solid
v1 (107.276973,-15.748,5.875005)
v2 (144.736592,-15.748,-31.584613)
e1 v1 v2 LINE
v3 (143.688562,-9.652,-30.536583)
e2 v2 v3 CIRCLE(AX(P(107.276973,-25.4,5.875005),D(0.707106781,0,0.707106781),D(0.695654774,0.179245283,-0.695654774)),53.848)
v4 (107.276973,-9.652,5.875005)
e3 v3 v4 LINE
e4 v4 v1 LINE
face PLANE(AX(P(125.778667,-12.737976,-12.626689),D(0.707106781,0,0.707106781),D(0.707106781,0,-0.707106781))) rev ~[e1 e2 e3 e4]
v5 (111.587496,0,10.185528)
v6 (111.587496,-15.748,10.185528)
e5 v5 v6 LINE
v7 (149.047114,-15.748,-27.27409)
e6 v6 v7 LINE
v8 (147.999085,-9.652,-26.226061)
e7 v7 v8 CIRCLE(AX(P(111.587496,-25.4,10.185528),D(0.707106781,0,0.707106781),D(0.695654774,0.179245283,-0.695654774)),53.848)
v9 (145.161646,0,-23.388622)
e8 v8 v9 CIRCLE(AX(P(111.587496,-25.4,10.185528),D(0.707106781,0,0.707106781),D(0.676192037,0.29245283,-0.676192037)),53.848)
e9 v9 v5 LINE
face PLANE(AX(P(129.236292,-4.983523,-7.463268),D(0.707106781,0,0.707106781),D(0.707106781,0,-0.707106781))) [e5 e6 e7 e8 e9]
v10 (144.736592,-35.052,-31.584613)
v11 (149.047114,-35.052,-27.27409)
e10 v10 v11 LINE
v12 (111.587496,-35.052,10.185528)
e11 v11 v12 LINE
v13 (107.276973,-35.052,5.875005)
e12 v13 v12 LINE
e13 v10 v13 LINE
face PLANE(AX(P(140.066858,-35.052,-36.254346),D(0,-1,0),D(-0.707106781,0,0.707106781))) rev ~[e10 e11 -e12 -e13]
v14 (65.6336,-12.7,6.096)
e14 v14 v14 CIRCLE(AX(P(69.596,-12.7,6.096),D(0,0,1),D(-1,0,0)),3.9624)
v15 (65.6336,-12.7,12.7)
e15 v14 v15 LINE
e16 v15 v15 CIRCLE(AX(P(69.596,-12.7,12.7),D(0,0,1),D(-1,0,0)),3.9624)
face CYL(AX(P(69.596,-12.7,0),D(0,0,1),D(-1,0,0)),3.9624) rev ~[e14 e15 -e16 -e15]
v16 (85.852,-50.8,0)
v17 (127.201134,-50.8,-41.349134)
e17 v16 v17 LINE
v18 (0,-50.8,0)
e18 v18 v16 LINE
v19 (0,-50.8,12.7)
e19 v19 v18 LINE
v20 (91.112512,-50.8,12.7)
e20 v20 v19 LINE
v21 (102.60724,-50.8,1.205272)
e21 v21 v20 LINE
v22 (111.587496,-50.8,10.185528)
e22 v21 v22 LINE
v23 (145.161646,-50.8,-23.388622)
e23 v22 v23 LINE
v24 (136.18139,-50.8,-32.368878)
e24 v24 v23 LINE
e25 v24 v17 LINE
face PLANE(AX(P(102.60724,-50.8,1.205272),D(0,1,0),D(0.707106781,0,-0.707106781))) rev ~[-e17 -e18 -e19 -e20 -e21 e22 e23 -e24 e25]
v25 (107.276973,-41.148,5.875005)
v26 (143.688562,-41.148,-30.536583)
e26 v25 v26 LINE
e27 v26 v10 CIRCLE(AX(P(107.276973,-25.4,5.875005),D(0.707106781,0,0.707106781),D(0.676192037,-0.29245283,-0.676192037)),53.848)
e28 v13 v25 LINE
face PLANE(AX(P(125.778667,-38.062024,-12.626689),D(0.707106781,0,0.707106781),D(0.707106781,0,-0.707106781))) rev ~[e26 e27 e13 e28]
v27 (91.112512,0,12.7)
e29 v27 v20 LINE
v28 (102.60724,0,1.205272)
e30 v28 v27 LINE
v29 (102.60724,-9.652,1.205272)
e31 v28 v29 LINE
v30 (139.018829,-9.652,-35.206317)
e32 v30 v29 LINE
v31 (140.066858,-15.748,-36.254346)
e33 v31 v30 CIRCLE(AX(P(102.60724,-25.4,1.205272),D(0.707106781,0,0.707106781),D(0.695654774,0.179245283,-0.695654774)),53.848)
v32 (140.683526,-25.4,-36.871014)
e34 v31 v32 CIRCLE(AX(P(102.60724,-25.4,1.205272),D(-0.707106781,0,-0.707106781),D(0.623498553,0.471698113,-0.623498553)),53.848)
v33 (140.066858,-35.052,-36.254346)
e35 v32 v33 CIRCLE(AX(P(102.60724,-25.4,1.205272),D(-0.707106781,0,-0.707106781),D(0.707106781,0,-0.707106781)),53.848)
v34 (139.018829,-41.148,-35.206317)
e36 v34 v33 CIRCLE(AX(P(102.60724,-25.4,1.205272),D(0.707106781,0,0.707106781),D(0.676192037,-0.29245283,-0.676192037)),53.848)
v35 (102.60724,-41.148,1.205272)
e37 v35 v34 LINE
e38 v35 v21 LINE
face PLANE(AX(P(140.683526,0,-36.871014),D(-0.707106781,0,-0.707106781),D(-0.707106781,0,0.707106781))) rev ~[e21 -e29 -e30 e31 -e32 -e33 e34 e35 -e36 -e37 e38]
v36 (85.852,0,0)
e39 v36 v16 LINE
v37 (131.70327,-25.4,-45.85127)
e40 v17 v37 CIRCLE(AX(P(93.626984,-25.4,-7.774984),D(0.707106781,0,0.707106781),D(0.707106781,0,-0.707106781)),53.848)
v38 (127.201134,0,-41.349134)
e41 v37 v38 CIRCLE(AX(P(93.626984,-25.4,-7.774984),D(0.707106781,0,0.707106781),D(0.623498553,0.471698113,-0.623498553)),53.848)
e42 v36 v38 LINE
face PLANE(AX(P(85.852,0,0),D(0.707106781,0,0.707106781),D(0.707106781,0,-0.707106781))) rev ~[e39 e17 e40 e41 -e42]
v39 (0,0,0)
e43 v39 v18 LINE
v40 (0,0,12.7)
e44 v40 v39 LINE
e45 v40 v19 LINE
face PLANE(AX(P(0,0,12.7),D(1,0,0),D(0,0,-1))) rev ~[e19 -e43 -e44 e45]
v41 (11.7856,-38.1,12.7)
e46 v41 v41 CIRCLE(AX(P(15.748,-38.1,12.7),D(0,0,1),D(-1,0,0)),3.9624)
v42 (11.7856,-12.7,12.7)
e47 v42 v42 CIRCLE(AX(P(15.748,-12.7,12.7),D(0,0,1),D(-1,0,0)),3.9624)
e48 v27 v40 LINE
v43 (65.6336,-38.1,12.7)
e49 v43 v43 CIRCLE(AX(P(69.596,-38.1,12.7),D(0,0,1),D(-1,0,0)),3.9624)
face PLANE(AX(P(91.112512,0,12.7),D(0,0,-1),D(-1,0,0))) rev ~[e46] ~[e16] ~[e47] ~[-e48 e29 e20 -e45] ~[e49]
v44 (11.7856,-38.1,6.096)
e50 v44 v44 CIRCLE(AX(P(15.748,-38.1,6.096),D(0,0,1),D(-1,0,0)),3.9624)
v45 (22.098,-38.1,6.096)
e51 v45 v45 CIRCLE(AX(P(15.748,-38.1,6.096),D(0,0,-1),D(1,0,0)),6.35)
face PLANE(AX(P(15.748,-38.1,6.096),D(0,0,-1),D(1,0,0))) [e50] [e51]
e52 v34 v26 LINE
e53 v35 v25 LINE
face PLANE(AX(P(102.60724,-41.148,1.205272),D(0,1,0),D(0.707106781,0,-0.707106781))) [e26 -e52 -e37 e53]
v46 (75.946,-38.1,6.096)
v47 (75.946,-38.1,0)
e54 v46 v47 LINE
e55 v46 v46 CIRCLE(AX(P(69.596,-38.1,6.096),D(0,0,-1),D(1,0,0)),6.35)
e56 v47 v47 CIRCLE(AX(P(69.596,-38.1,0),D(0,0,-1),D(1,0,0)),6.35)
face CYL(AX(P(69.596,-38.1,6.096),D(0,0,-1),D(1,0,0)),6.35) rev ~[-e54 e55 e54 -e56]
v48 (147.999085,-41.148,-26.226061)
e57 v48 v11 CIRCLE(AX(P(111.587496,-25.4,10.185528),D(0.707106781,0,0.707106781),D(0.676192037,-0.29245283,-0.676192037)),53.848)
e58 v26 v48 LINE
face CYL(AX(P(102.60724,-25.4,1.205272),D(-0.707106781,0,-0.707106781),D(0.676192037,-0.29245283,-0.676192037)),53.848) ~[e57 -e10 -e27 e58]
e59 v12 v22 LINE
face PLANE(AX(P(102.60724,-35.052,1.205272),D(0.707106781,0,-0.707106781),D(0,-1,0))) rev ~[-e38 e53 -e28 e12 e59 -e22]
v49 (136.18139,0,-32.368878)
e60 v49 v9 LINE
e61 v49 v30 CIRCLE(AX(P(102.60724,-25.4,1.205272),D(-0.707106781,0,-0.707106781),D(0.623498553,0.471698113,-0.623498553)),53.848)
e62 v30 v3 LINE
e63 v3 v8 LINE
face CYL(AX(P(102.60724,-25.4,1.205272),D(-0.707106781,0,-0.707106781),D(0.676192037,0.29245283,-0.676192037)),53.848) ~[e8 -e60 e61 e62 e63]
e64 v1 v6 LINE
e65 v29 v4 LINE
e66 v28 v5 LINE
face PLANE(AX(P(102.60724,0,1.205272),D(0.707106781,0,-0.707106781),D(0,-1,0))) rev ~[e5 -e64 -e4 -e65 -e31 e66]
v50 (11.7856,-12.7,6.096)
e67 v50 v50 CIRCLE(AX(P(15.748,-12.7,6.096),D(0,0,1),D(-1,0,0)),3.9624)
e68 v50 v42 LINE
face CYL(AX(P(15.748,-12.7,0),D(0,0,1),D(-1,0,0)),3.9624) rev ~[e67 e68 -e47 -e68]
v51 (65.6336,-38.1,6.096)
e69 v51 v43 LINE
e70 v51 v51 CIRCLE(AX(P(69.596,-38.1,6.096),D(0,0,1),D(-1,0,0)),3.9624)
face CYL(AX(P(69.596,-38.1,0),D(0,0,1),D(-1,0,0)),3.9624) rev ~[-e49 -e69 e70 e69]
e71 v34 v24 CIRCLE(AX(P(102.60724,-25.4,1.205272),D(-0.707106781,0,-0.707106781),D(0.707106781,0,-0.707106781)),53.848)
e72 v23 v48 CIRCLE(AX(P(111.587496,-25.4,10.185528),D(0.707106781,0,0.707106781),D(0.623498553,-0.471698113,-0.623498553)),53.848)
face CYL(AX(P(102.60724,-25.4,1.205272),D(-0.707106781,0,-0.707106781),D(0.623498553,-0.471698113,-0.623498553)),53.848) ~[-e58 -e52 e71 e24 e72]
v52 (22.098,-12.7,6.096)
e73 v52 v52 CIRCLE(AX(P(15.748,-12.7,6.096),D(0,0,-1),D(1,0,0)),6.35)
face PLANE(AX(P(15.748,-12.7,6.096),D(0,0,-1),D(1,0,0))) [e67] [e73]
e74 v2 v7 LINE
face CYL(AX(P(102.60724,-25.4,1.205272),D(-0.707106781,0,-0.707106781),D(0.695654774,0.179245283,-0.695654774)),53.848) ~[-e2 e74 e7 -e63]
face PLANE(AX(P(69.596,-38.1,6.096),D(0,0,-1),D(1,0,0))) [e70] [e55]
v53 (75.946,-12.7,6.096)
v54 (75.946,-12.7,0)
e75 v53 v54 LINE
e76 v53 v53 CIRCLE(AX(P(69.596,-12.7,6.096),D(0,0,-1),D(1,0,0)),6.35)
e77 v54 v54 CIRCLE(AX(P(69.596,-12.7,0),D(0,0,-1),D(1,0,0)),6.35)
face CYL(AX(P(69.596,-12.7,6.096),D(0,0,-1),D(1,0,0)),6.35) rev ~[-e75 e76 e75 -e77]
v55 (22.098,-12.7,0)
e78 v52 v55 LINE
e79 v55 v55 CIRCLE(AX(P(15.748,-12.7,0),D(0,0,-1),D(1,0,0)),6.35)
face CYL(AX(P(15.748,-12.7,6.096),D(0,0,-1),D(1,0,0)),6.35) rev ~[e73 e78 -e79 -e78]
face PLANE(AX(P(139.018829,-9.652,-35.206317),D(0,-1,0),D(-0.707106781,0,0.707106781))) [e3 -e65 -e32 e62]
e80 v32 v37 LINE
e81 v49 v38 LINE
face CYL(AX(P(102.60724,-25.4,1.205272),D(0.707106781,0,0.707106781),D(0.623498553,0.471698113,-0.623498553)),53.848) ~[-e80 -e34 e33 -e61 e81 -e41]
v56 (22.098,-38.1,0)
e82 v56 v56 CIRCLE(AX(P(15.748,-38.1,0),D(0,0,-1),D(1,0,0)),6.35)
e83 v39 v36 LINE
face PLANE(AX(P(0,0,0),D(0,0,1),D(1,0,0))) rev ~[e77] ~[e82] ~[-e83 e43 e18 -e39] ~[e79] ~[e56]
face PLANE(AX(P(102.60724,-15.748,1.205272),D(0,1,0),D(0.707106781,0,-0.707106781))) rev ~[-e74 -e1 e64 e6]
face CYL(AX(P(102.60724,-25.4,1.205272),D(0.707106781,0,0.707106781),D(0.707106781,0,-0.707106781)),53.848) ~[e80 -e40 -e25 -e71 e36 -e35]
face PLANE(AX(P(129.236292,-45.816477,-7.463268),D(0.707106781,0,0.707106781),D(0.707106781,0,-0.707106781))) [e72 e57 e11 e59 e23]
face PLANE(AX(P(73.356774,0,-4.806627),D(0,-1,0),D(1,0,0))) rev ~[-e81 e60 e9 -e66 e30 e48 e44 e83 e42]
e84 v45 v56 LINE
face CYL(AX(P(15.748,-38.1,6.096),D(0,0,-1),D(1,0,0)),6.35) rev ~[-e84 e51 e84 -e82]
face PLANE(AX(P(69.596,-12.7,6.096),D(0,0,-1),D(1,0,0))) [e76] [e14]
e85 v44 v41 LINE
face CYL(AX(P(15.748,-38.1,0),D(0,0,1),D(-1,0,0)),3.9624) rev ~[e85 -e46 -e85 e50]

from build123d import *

# Parameters (mm, degrees)
F1_DEPTH       = 50.8
F4_D           = 7.9248
F4_DEPTH       = 35.56
F4_CBORE_D     = 12.7
F4_CBORE_DEPTH = 6.096
F4_TIP         = 2.3808501168
F6_DEPTH       = 105.8292752574
F8_DEPTH       = 12.7
F9_DEPTH       = 6.604


with BuildPart() as f1:
    # F0 (on Front) → F1 (new body)
    with BuildSketch(Plane.XZ):
        Polygon((0, 12.7), (0, 0), (85.852, 0), (131.7032699094, -45.8512699094), (140.6835260304, -36.8710137883), (91.1125122421, 12.7), align=None)
    extrude(amount=F1_DEPTH)

    # F4
    with Locations(Plane(origin=(0, 0, 0), x_dir=(1, 0, 0), z_dir=(0, 0, -1))):
        with Locations((15.748, 38.1), (69.596, 38.1), (69.596, 12.7), (15.748, 12.7)):
            CounterBoreHole(F4_D / 2, F4_CBORE_D / 2, F4_CBORE_DEPTH, depth=F4_DEPTH)
            with Locations((0, 0, -(F4_DEPTH + F4_TIP / 2))):  # 118° drill point
                Cone(0, F4_D / 2, F4_TIP, mode=Mode.SUBTRACT)

    # F5 (on face) → F6 (cut, through all)
    with BuildSketch(Plane(origin=(51.9062561211, 0, 51.9062561211), x_dir=(0.7071067812, 0, -0.7071067812), z_dir=(0.7071067812, 0, 0.7071067812))):
        with BuildLine():
            ThreePointArc((125.5500191363, -25.4), (123.9340255134, -38.4929222795), (119.183037491, -50.8))
            Line((119.183037491, -50.8), (125.5500191363, -50.8))
            Line((125.5500191363, -50.8), (125.5500191363, -25.4))
        make_face()
        with BuildLine():
            ThreePointArc((119.183037491, 0), (123.9340255134, -12.3070777205), (125.5500191363, -25.4))
            Line((125.5500191363, -25.4), (125.5500191363, 0))
            Line((125.5500191363, 0), (119.183037491, 0))
        make_face()
    extrude(amount=-F6_DEPTH, mode=Mode.SUBTRACT)

    # F7 (on face) → F8 (join)
    with BuildSketch(Plane(origin=(51.9062561211, 0, 51.9062561211), x_dir=(0.7071067812, 0, -0.7071067812), z_dir=(0.7071067812, 0, 0.7071067812))):
        with BuildLine():
            Line((71.7020191363, -41.148), (71.7020191363, -50.8))
            Line((71.7020191363, -50.8), (119.183037491, -50.8))
            ThreePointArc((119.183037491, -50.8), (121.4241681108, -46.0715990033), (123.1957818654, -41.148))
            Line((123.1957818654, -41.148), (71.7020191363, -41.148))
        make_face()
        with BuildLine():
            Line((119.183037491, 0), (71.7020191363, 0))
            Line((71.7020191363, 0), (71.7020191363, -9.652))
            Line((71.7020191363, -9.652), (123.1957818654, -9.652))
            ThreePointArc((123.1957818654, -9.652), (121.4241681108, -4.7284009967), (119.183037491, 0))
        make_face()
        with BuildLine():
            Line((71.7020191363, -35.052), (71.7020191363, -41.148))
            Line((71.7020191363, -41.148), (123.1957818654, -41.148))
            ThreePointArc((123.1957818654, -41.148), (124.0257032683, -38.1216029987), (124.6779193174, -35.052))
            Line((124.6779193174, -35.052), (71.7020191363, -35.052))
        make_face()
        with BuildLine():
            Line((71.7020191363, -9.652), (71.7020191363, -15.748))
            Line((71.7020191363, -15.748), (124.6779193174, -15.748))
            ThreePointArc((124.6779193174, -15.748), (124.0257032683, -12.6783970013), (123.1957818654, -9.652))
            Line((123.1957818654, -9.652), (71.7020191363, -9.652))
        make_face()
    extrude(amount=F8_DEPTH)

    # F7 (on face) → F9 (cut)
    with BuildSketch(Plane(origin=(51.9062561211, 0, 51.9062561211), x_dir=(0.7071067812, 0, -0.7071067812), z_dir=(0.7071067812, 0, 0.7071067812))):
        with BuildLine():
            Line((71.7020191363, -35.052), (71.7020191363, -41.148))
            Line((71.7020191363, -41.148), (123.1957818654, -41.148))
            ThreePointArc((123.1957818654, -41.148), (124.0257032683, -38.1216029987), (124.6779193174, -35.052))
            Line((124.6779193174, -35.052), (71.7020191363, -35.052))
        make_face()
        with BuildLine():
            Line((71.7020191363, -9.652), (71.7020191363, -15.748))
            Line((71.7020191363, -15.748), (124.6779193174, -15.748))
            ThreePointArc((124.6779193174, -15.748), (124.0257032683, -12.6783970013), (123.1957818654, -9.652))
            Line((123.1957818654, -9.652), (71.7020191363, -9.652))
        make_face()
    extrude(amount=F9_DEPTH, mode=Mode.SUBTRACT)


solid = f1.part
